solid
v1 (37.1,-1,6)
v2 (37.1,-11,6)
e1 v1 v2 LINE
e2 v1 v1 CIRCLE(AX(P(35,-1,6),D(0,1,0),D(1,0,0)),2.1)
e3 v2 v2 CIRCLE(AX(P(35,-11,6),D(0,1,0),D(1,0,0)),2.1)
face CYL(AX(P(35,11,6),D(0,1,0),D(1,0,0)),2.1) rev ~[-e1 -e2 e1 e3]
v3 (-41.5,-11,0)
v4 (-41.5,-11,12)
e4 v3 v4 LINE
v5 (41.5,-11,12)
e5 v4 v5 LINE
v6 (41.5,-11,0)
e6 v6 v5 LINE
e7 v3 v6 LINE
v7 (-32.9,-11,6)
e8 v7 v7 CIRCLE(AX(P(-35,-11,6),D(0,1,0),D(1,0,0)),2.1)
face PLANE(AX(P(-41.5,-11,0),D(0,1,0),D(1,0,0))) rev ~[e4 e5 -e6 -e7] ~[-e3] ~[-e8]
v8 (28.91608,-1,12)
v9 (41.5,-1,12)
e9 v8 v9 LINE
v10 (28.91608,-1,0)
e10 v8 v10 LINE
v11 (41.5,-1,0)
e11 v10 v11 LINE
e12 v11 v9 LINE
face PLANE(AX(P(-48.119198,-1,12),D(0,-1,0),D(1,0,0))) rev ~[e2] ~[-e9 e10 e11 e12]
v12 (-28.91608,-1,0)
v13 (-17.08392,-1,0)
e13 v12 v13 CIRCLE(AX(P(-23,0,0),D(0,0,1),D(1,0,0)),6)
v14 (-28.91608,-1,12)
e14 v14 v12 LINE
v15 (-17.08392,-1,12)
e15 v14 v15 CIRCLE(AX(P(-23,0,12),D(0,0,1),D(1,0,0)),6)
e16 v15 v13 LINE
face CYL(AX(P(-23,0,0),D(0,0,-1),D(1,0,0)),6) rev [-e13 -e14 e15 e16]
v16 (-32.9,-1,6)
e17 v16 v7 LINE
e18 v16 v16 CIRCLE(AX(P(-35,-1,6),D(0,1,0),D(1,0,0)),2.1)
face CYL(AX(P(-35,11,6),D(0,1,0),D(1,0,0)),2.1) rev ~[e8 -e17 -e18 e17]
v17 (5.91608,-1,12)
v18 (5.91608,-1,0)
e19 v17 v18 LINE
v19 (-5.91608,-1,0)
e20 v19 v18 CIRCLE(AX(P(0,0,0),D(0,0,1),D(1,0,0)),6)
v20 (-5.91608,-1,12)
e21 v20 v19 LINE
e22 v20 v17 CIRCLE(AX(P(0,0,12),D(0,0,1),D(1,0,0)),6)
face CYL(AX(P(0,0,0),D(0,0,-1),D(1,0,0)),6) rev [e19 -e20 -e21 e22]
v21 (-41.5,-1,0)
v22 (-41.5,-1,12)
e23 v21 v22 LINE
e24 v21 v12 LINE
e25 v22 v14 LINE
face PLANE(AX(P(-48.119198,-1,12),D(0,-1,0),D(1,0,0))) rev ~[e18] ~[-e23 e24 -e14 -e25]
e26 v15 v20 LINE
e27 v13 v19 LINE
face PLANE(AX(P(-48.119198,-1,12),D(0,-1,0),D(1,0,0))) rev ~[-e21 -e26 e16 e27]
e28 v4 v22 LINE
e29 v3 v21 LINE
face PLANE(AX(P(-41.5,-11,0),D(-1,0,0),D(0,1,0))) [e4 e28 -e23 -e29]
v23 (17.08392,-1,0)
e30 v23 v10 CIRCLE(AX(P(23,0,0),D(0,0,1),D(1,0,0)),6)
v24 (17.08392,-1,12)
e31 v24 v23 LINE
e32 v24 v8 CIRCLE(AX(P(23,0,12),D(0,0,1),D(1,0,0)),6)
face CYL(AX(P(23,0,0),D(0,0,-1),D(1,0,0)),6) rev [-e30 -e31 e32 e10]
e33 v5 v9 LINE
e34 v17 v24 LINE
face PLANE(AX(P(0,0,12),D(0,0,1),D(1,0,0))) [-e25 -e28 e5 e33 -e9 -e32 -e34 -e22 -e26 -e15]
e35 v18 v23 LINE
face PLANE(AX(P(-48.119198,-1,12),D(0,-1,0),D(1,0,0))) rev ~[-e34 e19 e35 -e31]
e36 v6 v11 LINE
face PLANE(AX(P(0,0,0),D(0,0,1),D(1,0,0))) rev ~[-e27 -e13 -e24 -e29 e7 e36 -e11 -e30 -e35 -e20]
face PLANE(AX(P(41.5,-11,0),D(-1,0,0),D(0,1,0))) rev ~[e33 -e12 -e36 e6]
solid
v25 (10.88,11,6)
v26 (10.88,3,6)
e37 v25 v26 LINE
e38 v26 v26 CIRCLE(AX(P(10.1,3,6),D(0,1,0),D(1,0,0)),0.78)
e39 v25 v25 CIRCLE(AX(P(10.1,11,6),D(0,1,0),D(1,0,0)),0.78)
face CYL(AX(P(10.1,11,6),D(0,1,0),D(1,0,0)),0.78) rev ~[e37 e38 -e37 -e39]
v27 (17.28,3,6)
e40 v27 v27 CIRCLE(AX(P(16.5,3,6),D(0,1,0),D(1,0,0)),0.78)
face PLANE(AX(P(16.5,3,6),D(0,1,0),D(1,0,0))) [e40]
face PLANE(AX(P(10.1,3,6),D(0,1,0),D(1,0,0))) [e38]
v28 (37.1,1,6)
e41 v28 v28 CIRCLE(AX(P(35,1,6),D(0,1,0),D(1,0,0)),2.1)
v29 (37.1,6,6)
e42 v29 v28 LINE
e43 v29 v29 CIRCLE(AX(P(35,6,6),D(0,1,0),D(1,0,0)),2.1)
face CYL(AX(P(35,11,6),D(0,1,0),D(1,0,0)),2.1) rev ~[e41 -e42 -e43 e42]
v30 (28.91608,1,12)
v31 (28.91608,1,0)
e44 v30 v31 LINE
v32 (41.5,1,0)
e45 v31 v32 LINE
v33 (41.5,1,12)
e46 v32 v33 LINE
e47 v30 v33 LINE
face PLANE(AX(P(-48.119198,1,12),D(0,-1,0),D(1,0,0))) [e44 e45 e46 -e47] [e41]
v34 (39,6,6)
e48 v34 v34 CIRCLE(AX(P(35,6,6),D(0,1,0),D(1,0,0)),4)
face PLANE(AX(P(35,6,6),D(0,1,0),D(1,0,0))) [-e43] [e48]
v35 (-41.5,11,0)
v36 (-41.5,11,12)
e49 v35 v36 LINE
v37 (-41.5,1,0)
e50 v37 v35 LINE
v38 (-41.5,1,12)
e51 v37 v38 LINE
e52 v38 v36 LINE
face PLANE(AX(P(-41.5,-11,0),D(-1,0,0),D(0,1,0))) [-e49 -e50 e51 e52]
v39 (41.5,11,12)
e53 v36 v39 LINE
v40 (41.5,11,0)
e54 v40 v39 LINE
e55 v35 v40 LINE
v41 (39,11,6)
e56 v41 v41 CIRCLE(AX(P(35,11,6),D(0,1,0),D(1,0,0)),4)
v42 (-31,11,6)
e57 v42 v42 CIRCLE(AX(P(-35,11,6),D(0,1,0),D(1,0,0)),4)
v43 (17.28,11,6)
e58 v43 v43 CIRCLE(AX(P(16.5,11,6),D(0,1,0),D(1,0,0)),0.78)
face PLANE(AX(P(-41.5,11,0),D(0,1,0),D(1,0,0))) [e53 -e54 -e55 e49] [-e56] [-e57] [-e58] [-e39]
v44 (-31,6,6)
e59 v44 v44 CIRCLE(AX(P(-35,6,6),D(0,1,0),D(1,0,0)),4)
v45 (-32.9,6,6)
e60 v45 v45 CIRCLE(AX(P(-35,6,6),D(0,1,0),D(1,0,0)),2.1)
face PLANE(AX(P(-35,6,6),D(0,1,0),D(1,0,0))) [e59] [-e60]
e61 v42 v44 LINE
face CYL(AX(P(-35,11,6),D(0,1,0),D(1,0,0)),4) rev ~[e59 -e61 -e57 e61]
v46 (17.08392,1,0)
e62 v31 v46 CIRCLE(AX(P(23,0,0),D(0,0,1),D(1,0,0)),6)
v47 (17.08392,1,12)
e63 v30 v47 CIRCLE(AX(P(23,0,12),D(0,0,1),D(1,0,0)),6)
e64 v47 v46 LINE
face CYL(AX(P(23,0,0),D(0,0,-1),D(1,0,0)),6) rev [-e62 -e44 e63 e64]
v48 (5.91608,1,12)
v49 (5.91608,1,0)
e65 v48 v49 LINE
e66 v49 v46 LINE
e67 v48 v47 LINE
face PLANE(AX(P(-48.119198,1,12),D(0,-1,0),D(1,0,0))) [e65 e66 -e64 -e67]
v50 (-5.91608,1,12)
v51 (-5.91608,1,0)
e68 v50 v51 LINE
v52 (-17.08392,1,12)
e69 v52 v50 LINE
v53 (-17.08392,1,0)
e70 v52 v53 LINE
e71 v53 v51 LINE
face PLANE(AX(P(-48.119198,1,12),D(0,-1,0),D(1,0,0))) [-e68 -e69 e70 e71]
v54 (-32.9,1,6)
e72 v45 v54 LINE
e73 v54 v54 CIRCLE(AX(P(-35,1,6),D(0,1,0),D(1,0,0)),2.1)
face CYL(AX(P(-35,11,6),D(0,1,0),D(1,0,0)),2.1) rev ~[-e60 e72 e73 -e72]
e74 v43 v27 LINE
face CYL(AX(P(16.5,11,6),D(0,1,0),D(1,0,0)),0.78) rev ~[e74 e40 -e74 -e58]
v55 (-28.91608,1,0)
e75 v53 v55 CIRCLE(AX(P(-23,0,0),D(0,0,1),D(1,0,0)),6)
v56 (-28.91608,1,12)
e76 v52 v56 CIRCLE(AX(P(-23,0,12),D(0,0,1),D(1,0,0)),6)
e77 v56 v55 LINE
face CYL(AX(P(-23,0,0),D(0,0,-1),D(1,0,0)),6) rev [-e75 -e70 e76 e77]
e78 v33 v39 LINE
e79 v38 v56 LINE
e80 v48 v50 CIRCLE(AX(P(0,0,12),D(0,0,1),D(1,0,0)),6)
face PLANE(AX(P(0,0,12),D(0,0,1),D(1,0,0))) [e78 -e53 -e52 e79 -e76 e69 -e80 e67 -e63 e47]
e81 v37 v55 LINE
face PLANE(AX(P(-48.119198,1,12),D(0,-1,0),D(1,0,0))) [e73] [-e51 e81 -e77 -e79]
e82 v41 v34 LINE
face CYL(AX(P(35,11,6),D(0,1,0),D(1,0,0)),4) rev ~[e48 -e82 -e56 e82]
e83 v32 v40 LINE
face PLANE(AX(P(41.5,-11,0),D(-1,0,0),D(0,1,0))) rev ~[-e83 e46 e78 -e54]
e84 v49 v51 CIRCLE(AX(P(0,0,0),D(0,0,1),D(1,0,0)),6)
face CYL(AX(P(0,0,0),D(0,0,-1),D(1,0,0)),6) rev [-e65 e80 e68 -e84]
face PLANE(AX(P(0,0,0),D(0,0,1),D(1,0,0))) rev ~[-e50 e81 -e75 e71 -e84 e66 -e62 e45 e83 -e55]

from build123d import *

# Parameters (mm, degrees)
SKETCH1_W           = 83
SKETCH1_H           = 22
SKETCH1_R           = 6
BOSS_EXTRUDE1_DEPTH = 12
SKETCH2_R           = 2.1
CUT_EXTRUDE1_DEPTH  = 23
SKETCH3_R           = 4
CUT_EXTRUDE2_DEPTH  = 5
SKETCH4_W           = 96.23839679
SKETCH4_H           = 2
CUT_EXTRUDE3_DEPTH  = 13
SKETCH5_R           = 0.78
CUT_EXTRUDE4_DEPTH  = 8


with BuildPart() as part:
    # Sketch1 → Boss-Extrude1 (new body)
    with BuildSketch(Plane.XY):
        Rectangle(SKETCH1_W, SKETCH1_H)
        Circle(SKETCH1_R, mode=Mode.SUBTRACT)
        with Locations((-23, 0)):
            Circle(SKETCH1_R, mode=Mode.SUBTRACT)
        with Locations((23, 0)):
            Circle(SKETCH1_R, mode=Mode.SUBTRACT)
    extrude(amount=BOSS_EXTRUDE1_DEPTH)

    # Sketch2 → Cut-Extrude1 (cut, through all)
    with BuildSketch(Plane(origin=(0, 11, 0), x_dir=(1, 0, 0), z_dir=(0, 1, 0))):
        with Locations((-35, -6)):
            Circle(SKETCH2_R)
        with Locations((35, -6)):
            Circle(SKETCH2_R)
    extrude(amount=-CUT_EXTRUDE1_DEPTH, mode=Mode.SUBTRACT)

    # Sketch3 → Cut-Extrude2 (cut)
    with BuildSketch(Plane(origin=(0, 11, 0), x_dir=(1, 0, 0), z_dir=(0, 1, 0))):
        with Locations((-35, -6)):
            Circle(SKETCH3_R)
        with Locations((35, -6)):
            Circle(SKETCH3_R)
    extrude(amount=-CUT_EXTRUDE2_DEPTH, mode=Mode.SUBTRACT)

    # Sketch4 → Cut-Extrude3 (cut, through all)
    with BuildSketch(Plane.XY.offset(12)):
        Rectangle(SKETCH4_W, SKETCH4_H)
    extrude(amount=-CUT_EXTRUDE3_DEPTH, mode=Mode.SUBTRACT)

    # Sketch5 → Cut-Extrude4 (cut)
    with BuildSketch(Plane(origin=(0, 11, 0), x_dir=(1, 0, 0), z_dir=(0, 1, 0))):
        with Locations((16.5, -6)):
            Circle(SKETCH5_R)
        with Locations((10.1, -6)):
            Circle(SKETCH5_R)
    extrude(amount=-CUT_EXTRUDE4_DEPTH, mode=Mode.SUBTRACT)


solid = part.part
